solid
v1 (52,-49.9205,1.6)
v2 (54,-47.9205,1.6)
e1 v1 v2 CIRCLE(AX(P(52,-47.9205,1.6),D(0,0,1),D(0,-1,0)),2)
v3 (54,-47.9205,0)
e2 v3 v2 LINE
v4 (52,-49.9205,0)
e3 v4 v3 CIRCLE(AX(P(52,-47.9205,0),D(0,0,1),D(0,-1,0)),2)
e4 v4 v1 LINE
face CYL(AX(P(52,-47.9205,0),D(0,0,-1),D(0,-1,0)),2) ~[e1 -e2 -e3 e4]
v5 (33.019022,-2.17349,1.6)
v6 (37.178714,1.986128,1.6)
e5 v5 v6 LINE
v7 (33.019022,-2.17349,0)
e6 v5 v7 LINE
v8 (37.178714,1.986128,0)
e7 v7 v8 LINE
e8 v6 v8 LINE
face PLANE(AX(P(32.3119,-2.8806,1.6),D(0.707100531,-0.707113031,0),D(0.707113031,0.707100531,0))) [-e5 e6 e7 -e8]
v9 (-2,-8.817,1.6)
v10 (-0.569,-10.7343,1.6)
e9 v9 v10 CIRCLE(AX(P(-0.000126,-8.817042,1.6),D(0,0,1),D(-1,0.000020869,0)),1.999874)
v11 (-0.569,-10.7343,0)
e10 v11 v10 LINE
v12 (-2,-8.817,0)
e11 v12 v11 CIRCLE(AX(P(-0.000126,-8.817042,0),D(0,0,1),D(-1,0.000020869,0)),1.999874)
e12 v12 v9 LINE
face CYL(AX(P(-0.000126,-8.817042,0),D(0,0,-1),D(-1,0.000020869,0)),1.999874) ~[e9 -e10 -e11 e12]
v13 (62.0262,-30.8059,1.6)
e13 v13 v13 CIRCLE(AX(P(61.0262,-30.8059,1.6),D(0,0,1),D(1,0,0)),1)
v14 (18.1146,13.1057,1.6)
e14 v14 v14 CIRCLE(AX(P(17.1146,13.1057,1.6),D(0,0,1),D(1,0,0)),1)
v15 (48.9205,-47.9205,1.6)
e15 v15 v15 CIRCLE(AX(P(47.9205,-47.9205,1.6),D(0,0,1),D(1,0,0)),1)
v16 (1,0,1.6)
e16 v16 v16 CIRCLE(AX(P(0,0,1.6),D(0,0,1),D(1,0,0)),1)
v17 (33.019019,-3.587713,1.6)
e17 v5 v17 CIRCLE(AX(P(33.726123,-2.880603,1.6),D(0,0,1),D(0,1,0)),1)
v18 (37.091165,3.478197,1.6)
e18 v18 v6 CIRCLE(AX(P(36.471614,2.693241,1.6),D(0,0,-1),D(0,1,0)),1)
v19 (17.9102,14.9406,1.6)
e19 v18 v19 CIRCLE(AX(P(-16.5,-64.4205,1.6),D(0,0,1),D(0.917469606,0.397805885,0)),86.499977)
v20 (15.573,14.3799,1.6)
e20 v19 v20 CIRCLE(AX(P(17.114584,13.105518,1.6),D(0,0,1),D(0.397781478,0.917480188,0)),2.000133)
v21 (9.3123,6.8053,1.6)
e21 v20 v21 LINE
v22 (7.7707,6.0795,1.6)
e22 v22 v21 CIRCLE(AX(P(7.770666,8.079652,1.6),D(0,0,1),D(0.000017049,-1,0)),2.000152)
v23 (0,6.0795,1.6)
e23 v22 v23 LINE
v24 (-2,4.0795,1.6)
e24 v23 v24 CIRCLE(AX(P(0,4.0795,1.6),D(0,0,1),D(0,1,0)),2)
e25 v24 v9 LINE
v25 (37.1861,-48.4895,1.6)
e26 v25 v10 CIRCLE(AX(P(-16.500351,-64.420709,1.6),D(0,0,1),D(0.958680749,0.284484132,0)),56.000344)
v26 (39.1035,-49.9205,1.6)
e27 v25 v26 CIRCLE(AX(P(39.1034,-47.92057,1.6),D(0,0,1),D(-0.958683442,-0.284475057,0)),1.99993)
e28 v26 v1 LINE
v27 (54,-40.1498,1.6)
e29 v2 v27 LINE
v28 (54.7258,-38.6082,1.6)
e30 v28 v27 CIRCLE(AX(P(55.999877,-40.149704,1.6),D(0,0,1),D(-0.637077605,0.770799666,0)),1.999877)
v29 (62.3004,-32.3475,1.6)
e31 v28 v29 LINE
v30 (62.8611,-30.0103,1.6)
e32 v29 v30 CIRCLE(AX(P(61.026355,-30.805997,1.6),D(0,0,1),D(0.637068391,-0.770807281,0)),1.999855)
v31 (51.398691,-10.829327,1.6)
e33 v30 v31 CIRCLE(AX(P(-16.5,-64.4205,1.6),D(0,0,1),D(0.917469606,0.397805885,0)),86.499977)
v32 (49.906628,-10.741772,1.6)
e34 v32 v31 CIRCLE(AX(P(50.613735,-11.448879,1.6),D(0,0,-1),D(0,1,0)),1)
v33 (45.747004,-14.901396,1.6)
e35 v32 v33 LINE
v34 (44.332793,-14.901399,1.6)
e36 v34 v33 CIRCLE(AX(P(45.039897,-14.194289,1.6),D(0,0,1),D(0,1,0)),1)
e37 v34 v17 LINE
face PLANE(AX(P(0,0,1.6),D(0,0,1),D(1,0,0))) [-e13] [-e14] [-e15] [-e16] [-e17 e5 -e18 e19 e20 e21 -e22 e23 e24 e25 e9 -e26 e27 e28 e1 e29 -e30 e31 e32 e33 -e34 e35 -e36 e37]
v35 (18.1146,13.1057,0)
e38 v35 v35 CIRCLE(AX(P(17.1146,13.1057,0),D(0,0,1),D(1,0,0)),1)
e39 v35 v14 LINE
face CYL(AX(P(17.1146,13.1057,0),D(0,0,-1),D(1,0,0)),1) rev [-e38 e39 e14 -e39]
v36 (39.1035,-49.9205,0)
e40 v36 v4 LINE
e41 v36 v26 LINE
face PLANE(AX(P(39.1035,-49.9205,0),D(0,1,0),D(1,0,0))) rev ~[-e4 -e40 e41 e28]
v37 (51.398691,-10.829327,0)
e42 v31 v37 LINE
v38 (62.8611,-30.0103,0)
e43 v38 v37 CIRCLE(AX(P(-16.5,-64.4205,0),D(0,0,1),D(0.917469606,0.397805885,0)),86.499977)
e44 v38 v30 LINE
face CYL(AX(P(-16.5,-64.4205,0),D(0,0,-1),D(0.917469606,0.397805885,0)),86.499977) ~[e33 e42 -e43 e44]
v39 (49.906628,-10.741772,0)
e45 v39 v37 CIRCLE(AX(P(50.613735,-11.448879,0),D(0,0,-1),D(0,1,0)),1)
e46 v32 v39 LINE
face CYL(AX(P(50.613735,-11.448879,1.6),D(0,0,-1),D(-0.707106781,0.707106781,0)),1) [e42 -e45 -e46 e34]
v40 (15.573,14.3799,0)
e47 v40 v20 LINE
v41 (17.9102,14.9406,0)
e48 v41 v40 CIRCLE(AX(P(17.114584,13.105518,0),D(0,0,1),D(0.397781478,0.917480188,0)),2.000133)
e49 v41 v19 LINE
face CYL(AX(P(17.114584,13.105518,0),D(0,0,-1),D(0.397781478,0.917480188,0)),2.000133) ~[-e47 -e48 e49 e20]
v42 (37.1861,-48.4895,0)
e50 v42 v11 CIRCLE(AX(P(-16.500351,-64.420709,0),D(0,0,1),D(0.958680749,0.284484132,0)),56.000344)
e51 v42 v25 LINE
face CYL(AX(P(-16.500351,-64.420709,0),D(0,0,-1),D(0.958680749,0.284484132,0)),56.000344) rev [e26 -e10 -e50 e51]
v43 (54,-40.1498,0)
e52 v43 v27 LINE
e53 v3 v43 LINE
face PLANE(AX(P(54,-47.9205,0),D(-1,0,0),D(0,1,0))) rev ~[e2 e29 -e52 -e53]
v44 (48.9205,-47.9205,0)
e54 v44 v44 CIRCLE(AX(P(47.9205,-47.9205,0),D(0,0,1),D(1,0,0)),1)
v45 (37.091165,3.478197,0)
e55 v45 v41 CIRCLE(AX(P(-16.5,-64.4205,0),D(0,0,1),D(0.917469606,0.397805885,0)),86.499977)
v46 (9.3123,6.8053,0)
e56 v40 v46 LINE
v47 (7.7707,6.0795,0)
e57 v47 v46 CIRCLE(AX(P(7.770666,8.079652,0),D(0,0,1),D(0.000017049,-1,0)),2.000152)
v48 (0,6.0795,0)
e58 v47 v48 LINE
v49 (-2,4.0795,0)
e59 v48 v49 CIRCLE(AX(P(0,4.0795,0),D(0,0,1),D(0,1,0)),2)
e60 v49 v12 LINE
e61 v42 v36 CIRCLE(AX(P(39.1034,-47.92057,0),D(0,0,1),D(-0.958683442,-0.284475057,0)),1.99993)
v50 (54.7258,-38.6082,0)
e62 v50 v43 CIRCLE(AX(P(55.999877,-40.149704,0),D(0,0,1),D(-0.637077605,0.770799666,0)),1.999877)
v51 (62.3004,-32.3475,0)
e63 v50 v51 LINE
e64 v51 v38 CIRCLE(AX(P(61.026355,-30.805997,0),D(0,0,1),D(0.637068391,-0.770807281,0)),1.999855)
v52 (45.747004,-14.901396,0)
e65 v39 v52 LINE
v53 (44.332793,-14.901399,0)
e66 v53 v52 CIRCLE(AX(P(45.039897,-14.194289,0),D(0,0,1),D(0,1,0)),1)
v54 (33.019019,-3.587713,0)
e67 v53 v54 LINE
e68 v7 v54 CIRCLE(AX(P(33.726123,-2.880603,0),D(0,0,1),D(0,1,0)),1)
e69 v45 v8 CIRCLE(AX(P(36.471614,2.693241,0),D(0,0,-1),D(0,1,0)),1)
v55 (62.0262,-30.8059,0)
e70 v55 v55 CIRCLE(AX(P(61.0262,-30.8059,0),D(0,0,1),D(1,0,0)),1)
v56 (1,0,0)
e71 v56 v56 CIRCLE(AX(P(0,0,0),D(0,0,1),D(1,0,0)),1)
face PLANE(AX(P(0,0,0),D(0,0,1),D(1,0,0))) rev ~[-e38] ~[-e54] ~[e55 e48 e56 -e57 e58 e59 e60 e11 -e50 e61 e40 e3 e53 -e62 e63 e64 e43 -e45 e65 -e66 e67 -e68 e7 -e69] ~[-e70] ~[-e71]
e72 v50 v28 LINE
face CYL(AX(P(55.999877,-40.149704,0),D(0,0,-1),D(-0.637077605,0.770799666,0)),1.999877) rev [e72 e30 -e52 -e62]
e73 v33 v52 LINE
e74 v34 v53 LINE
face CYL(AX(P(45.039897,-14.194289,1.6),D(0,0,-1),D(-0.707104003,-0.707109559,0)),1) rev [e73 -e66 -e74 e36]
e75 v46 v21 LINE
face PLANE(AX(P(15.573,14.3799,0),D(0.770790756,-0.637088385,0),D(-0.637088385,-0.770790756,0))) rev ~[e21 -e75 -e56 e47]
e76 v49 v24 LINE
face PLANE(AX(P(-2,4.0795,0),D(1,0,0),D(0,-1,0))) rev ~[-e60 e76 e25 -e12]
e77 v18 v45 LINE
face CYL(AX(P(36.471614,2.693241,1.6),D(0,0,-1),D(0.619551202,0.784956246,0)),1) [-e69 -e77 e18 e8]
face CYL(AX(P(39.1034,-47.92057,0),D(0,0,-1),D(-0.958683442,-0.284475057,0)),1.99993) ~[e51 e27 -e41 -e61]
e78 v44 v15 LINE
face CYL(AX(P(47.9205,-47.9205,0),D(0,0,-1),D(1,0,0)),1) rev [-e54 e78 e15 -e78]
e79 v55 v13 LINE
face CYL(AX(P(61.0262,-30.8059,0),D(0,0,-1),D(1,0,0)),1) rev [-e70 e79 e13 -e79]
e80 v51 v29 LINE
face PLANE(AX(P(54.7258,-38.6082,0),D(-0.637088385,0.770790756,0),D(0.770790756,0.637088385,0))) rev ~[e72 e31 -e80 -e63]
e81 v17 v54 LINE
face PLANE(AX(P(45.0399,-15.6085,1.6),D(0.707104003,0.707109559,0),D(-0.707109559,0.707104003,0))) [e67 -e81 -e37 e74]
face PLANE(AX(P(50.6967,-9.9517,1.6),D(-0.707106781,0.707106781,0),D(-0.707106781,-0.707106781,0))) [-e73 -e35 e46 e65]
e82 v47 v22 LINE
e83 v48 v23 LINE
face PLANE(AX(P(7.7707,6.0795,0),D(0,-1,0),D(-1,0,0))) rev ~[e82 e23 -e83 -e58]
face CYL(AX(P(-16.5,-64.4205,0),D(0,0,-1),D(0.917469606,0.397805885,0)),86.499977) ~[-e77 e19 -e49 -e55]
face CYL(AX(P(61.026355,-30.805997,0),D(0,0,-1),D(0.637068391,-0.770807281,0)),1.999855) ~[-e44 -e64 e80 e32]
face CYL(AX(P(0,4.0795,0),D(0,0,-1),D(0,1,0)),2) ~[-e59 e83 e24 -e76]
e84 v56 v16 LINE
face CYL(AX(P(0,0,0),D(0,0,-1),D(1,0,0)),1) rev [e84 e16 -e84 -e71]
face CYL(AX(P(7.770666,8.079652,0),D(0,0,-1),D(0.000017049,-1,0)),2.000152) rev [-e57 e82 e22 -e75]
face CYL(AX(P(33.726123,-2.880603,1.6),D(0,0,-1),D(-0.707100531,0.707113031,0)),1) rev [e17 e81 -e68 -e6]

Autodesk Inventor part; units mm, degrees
ref_plane "YZ Plane" through (0, 0, 0) normal (1, 0, 0) x (0, 1, 0)
ref_plane "XZ Plane" through (0, 0, 0) normal (0, 1, 0) x (-1, 0, 0)
ref_plane "XY Plane" through (0, 0, 0) normal (0, 0, 1) x (1, 0, 0)
sketch "スケッチ1" plane through (0, 0, 0) normal (0, 0, 1) x (1, 0, 0)
  line L0 (54, -47.9205) -> (54, -40.1498) projected
  arc A0 (54.7258, -38.6082) -> (54, -40.1498) centre (56, -40.1498) ccw projected
  line L1 (54.7258, -38.6082) -> (62.3004, -32.3475) projected
  arc A1 (62.3004, -32.3475) -> (62.8611, -30.0103) centre (61.0262, -30.8059) ccw projected
  arc A2 (62.8611, -30.0103) -> (17.9102, 14.9406) centre (-16.5, -64.4205) ccw projected
  arc A3 (17.9102, 14.9406) -> (15.573, 14.3799) centre (17.1146, 13.1057) ccw projected
  line L2 (15.573, 14.3799) -> (9.3123, 6.8053) projected
  arc A4 (7.7707, 6.0795) -> (9.3123, 6.8053) centre (7.7707, 8.0795) ccw projected
  line L3 (7.7707, 6.0795) -> (0, 6.0795) projected
  arc A5 (0, 6.0795) -> (-2, 4.0795) centre (0, 4.0795) ccw projected
  line L4 (-2, 4.0795) -> (-2, -8.817) projected
  arc A6 (-2, -8.817) -> (-0.569, -10.7343) centre (0, -8.817) ccw projected
  arc A7 (37.1861, -48.4895) -> (-0.569, -10.7343) centre (-16.5, -64.4205) ccw projected
  arc A8 (37.1861, -48.4895) -> (39.1035, -49.9205) centre (39.1035, -47.9205) ccw projected
  line L5 (39.1035, -49.9205) -> (52, -49.9205) projected
  arc A9 (52, -49.9205) -> (54, -47.9205) centre (52, -47.9205) ccw projected
  circle A10 centre (47.9205, -47.9205) radius 1 projected
  circle A11 centre (0, 0) radius 1 projected
  circle A12 centre (17.1146, 13.1057) radius 1 projected
  circle A13 centre (61.0262, -30.8059) radius 1 projected
  point P0 (0, 0)
extrude "押し出し1" add sketch "スケッチ1" along normal blind 1.6
sketch "スケッチ2" plane through (0, 0, 1.6) normal (0, 0, 1) x (1, 0, 0)
  arc A0 (37.1861, -48.4895) -> (-0.569, -10.7343) centre (-16.5, -64.4205) ccw projected
  arc A1 (47.8768, -47.7509) -> (0, 0) centre (-16.5, -64.4205) ccw
sketch "スケッチ3" plane through (0, 0, 1.6) normal (0, 0, 1) x (1, 0, 0)
  circle A0 centre (42.5969, -6.8792) radius 0.375 projected
  circle A1 centre (45.4254, -9.7076) radius 0.375 projected
  circle A2 centre (38.3543, -2.6366) radius 0.375 projected
  circle A3 centre (36.9401, -4.0508) radius 0.375 projected
  circle A4 centre (44.0111, -11.1218) radius 0.375 projected
  circle A5 centre (42.5969, -9.7076) radius 0.375 projected
  circle A6 centre (41.1827, -8.2934) radius 0.375 projected
  circle A7 centre (39.7685, -6.8792) radius 0.375 projected
  circle A8 centre (38.3543, -5.465) radius 0.375 projected
  circle A9 centre (44.0111, -8.2934) radius 0.375 projected
  circle A10 centre (39.7685, -4.0508) radius 0.375 projected
  circle A11 centre (41.1827, -5.465) radius 0.375 projected
  line L0 (39.1035, -49.9205) -> (52, -49.9205) projected
  arc A12 (52, -49.9205) -> (54, -47.9205) centre (52, -47.9205) ccw projected
  line L1 (54, -47.9205) -> (54, -40.1498) projected
  arc A13 (54.7258, -38.6082) -> (54, -40.1498) centre (56, -40.1498) ccw projected
  line L2 (54.7258, -38.6082) -> (62.3004, -32.3475) projected
  arc A14 (62.3004, -32.3475) -> (62.8611, -30.0103) centre (61.0262, -30.8059) ccw projected
  arc A15 (62.8611, -30.0103) -> (17.9102, 14.9406) centre (-16.5, -64.4205) ccw projected
  arc A16 (17.9102, 14.9406) -> (15.573, 14.3799) centre (17.1146, 13.1057) ccw projected
  line L3 (15.573, 14.3799) -> (9.3123, 6.8053) projected
  arc A17 (7.7707, 6.0795) -> (9.3123, 6.8053) centre (7.7707, 8.0795) ccw projected
  line L4 (7.7707, 6.0795) -> (0, 6.0795) projected
  arc A18 (0, 6.0795) -> (-2, 4.0795) centre (0, 4.0795) ccw projected
  line L5 (-2, 4.0795) -> (-2, -8.817) projected
  arc A19 (-2, -8.817) -> (-0.569, -10.7343) centre (0, -8.817) ccw projected
  arc A20 (37.1861, -48.4895) -> (-0.569, -10.7343) centre (-16.5, -64.4205) ccw projected
  arc A21 (37.1861, -48.4895) -> (39.1035, -49.9205) centre (39.1035, -47.9205) ccw projected
  circle A22 centre (17.1146, 13.1057) radius 1 projected
  circle A23 centre (61.0262, -30.8059) radius 1 projected
  circle A24 centre (0, 0) radius 1 projected
  circle A25 centre (47.9205, -47.9205) radius 1 projected
  line L6 (44.6647, -3.2558) -> (23.098, -24.8225) construction
  line L7 (50.6967, -9.9517) -> (45.0399, -15.6085)
  line L8 (45.0399, -15.6085) -> (32.3119, -2.8806)
  line L9 (32.3119, -2.8806) -> (37.9688, 2.7762)
  arc A26 (62.8611, -30.0103) -> (17.9102, 14.9406) centre (-16.5, -64.4205) ccw projected
  point P0 (0, 0)
  dimension "d2" = 18
  dimension "d3" = 8
extrude "押し出し2" cut sketch "スケッチ3" against normal up to surface (1.6 mm away) contours A0 | A1 | A2 | A3 | A4 | A5 | A6 | A7 | A8 | A9 | A10 | A11 | L7 L8 L9 A15
fillet "フィレット1" radius 1 4 edges at (50.6967, -9.9517, 0.8) (45.0399, -15.6085, 0.8) (32.3119, -2.8806, 0.8) (37.9688, 2.7762, 0.8)
properties part number "MotorDriver_PCB"
